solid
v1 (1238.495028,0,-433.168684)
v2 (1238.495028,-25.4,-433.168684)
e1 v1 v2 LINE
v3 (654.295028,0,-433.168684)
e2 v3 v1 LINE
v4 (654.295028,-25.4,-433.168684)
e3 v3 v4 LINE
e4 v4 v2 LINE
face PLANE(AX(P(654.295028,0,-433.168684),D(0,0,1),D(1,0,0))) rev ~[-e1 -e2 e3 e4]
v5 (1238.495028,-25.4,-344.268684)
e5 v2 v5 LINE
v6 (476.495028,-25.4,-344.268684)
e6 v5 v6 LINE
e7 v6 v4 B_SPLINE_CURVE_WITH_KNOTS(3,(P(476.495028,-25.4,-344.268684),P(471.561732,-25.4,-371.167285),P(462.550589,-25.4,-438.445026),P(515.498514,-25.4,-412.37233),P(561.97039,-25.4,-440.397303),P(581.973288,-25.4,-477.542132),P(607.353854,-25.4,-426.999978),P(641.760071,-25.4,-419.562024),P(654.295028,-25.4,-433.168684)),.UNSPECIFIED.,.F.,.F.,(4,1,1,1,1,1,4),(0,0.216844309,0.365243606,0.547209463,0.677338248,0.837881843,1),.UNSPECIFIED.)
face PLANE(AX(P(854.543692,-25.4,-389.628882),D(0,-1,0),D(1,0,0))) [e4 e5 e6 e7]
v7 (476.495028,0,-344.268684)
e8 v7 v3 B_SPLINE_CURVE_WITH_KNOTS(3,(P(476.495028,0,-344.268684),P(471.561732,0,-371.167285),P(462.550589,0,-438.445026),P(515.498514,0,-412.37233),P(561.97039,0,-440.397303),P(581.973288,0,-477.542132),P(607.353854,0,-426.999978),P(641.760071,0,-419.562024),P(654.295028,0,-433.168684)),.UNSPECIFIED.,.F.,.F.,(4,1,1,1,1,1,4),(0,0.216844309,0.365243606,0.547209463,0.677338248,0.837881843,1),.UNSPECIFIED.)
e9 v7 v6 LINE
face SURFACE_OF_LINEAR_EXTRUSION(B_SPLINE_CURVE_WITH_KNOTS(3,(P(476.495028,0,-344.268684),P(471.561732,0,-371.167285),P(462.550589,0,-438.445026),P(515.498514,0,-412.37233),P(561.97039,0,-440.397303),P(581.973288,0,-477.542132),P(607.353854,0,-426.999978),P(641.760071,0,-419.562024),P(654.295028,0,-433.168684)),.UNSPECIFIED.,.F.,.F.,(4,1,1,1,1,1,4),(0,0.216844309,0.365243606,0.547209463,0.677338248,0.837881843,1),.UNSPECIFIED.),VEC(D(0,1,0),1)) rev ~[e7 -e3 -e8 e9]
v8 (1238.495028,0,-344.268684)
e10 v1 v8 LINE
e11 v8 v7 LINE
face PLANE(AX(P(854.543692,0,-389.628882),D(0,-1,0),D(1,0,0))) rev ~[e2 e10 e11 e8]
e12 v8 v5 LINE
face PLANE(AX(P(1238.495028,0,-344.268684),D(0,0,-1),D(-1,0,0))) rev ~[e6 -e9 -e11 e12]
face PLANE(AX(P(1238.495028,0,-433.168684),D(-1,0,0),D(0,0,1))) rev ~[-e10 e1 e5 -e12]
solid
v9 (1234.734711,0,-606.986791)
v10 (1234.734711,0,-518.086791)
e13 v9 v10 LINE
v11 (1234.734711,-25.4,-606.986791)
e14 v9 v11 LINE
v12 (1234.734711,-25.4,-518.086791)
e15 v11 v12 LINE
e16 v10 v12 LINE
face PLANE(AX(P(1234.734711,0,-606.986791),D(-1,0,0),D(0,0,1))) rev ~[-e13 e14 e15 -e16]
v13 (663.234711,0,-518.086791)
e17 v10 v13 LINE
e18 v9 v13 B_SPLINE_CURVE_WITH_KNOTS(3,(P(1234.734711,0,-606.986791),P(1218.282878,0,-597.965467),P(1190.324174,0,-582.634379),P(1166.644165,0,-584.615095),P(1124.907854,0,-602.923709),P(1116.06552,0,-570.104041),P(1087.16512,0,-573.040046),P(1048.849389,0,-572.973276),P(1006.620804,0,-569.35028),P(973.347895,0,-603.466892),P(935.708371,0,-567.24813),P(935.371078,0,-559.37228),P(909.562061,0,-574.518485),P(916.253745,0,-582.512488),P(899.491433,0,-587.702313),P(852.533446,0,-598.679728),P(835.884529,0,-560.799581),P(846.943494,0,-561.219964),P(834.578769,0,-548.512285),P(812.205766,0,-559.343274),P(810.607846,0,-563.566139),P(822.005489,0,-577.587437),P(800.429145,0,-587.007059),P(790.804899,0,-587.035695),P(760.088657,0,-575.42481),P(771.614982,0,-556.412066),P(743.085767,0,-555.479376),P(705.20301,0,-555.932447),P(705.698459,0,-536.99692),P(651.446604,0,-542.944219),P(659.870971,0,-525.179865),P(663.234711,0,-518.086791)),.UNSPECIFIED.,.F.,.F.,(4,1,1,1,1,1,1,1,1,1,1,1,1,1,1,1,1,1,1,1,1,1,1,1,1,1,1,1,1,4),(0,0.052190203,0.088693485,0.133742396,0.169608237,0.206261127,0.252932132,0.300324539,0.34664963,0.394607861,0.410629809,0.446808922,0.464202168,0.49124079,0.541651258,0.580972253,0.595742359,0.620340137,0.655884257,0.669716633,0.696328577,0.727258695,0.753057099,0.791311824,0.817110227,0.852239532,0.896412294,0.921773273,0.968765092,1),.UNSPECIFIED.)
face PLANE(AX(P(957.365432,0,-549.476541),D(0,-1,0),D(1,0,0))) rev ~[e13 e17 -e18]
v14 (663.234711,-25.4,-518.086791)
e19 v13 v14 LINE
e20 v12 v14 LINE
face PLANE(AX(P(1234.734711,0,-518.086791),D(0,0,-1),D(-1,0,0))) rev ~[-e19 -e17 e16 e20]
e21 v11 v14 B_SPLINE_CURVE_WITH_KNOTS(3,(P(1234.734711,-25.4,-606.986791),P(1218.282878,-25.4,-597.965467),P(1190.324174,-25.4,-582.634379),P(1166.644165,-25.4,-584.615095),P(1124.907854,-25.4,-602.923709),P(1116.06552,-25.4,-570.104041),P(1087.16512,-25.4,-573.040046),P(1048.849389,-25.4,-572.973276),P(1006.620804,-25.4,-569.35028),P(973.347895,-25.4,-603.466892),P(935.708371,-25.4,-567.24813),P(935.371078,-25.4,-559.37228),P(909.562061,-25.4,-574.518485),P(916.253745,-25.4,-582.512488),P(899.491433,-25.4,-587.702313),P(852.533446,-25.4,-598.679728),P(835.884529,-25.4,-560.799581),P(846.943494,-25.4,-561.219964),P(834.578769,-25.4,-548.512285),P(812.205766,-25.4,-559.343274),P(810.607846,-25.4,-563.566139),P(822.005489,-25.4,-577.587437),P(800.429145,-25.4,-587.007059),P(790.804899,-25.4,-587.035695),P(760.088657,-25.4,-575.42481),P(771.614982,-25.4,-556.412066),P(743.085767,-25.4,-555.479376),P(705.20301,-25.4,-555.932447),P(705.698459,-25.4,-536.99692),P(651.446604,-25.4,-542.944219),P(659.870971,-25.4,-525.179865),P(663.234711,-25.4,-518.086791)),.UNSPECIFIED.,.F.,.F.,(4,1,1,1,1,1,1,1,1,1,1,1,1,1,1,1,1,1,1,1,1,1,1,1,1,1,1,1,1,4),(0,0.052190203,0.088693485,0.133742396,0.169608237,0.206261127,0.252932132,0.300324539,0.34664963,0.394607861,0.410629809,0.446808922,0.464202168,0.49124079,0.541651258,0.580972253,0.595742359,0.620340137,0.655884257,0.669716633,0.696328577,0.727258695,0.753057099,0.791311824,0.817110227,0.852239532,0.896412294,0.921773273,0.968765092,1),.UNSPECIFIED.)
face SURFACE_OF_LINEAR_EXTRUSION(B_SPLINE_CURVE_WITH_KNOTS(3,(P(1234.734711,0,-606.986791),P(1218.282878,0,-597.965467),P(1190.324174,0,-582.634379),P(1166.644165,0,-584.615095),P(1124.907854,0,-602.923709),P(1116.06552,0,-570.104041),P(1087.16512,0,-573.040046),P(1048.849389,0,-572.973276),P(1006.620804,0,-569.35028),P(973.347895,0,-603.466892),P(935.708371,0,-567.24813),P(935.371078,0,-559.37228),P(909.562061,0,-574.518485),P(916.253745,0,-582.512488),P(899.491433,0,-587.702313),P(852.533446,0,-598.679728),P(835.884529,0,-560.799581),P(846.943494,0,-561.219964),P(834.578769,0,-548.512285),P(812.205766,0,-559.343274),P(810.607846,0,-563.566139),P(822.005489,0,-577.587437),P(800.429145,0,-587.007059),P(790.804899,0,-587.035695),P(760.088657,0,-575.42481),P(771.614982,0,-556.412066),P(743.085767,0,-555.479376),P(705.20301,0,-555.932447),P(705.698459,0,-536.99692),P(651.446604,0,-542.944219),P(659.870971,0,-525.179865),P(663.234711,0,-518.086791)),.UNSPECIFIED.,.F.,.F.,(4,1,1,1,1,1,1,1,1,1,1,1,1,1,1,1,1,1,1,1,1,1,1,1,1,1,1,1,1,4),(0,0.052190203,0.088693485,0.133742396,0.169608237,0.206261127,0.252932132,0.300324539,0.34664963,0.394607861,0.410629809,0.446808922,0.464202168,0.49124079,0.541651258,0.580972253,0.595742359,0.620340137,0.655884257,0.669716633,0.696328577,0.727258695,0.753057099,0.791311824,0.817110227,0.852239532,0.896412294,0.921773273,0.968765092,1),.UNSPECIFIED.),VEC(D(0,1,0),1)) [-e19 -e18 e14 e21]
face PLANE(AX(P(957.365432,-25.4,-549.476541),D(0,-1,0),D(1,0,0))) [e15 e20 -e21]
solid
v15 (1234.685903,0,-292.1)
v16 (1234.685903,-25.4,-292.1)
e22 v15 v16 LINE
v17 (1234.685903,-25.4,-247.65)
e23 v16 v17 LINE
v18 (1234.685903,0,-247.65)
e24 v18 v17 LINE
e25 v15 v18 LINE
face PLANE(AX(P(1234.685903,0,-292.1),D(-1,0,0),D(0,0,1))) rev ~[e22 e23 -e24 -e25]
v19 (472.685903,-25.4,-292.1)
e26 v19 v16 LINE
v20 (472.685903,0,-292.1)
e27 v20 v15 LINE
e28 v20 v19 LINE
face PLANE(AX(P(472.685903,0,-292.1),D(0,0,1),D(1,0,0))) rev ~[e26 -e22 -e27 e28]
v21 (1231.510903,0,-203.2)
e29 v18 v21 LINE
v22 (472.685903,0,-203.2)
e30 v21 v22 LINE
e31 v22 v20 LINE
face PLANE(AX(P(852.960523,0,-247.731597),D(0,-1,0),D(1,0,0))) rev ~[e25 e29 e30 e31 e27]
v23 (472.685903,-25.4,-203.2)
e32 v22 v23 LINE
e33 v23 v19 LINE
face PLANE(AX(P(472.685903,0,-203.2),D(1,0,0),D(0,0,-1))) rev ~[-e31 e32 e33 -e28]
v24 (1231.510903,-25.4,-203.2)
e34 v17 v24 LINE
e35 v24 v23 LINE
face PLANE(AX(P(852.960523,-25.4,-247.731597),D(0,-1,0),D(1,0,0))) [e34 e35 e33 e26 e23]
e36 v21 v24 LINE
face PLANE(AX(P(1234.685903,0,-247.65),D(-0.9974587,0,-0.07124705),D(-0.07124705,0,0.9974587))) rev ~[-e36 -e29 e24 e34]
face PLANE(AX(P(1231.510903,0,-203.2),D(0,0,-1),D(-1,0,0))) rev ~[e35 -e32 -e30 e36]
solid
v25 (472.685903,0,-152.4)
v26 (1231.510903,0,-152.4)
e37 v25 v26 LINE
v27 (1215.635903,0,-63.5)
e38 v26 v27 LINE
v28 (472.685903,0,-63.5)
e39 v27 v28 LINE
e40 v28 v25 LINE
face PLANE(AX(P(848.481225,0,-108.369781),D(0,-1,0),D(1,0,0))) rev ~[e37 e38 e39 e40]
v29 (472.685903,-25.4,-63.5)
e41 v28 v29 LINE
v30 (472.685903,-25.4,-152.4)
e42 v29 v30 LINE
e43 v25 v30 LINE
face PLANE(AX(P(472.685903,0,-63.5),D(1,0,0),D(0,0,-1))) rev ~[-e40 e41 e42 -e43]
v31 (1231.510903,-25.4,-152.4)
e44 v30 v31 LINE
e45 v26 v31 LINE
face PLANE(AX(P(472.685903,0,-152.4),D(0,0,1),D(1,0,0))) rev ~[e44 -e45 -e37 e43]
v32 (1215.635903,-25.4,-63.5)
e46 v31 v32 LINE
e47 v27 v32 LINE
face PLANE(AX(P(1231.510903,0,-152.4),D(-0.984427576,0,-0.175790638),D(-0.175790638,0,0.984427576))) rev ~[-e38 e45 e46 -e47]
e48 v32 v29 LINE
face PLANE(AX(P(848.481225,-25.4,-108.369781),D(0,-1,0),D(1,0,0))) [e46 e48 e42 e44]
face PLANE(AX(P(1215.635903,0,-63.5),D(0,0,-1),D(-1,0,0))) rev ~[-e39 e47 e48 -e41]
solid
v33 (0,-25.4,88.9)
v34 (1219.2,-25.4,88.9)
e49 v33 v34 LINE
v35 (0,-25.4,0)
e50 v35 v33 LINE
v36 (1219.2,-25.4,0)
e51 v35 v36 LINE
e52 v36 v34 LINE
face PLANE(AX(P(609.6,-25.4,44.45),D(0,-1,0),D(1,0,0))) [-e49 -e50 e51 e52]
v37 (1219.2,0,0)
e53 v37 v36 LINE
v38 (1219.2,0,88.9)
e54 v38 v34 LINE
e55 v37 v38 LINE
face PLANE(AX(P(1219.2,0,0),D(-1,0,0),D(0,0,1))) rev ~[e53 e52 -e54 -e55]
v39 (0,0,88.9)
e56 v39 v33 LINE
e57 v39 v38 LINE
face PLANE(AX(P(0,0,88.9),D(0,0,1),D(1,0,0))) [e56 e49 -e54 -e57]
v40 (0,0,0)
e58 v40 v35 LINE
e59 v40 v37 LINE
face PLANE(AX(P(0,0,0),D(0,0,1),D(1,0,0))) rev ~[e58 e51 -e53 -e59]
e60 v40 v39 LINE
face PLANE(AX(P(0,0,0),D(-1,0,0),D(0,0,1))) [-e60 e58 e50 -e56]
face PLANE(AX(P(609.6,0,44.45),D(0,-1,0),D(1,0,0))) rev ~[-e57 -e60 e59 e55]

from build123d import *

# Parameters (mm, degrees)
F0_W     = 1219.2
F0_H     = 88.9
F1_DEPTH = 25.4
F3_DEPTH = 25.4
F5_DEPTH = 25.4
F7_DEPTH = 25.4
F9_DEPTH = 25.4


with BuildPart() as f1:
    # F0 (on Front) → F1 (new body)
    with BuildSketch(Plane.XZ):
        with Locations((609.6, 44.45)):
            Rectangle(F0_W, F0_H)
    extrude(amount=F1_DEPTH)


with BuildPart() as f3:
    # F2 (on Front) → F3 (new body)
    with BuildSketch(Plane.XZ):
        Polygon((1231.5109033108, -152.4), (1215.6359033108, -63.5), (472.6859033108, -63.5), (472.6859033108, -152.4), (1215.6359033108, -152.4), align=None)
    extrude(amount=F3_DEPTH)


with BuildPart() as f5:
    # F4 (on Front) → F5 (new body)
    with BuildSketch(Plane.XZ):
        Polygon((1234.6859033108, -247.65), (1231.5109033108, -203.2), (472.6859033108, -203.2), (472.6859033108, -292.1), (1234.6859033108, -292.1), align=None)
    extrude(amount=F5_DEPTH)


with BuildPart() as f7:
    # F6 (on Front) → F7 (new body)
    with BuildSketch(Plane.XZ):
        with BuildLine():
            Line((1238.4950275421, -344.2686839581), (476.4950275421, -344.2686839581))
            add(Edge.make_bspline(
                [(476.4950275421, -344.2686839581), (471.5617315727, -371.1672845679), (462.5505885059, -438.4450260098), (515.4985143119, -412.3723295594), (561.9703901672, -440.39730257), (581.9732878783, -477.5421320406), (607.3538537447, -426.9999778008), (641.7600714738, -419.5620238699), (654.2950275421, -433.1686839581)],
                knots=[0, 0, 0, 0, 0.2168443094, 0.3652436063, 0.547209463, 0.6773382476, 0.8378818434, 1, 1, 1, 1], degree=3))
            Line((654.2950275421, -433.1686839581), (1238.4950275421, -433.1686839581))
            Line((1238.4950275421, -433.1686839581), (1238.4950275421, -344.2686839581))
        make_face()
    extrude(amount=F7_DEPTH)


with BuildPart() as f9:
    # F8 (on Front) → F9 (new body)
    with BuildSketch(Plane.XZ):
        with BuildLine():
            Line((1234.7347106934, -606.9867910385), (1234.7347106934, -518.0867910385))
            Line((1234.7347106934, -518.0867910385), (663.2347106934, -518.0867910385))
            add(Edge.make_bspline(
                [(1234.7347106934, -606.9867910385), (1218.2828775309, -597.9654674262), (1190.3241738253, -582.6343787008), (1166.6441647671, -584.61509515), (1124.9078543263, -602.923709178), (1116.0655198037, -570.1040406035), (1087.1651201369, -573.0400456423), (1048.8493885343, -572.9732764449), (1006.6208041059, -569.3502803692), (973.3478950832, -603.4668921779), (935.7083712237, -567.2481303756), (935.3710784013, -559.3722797432), (909.5620610405, -574.5184848423), (916.2537453473, -582.5124881746), (899.4914327305, -587.7023125674), (852.533445913, -598.6797284909), (835.884529286, -560.7995808925), (846.94349372, -561.2199636962), (834.5787694691, -548.5122848847), (812.2057655711, -559.3432735285), (810.6078464194, -563.5661387818), (822.0054892547, -577.5874374539), (800.4291447021, -587.0070590309), (790.8048986835, -587.0356945962), (760.0886566595, -575.4248095562), (771.6149821069, -556.4120661548), (743.0857674883, -555.4793764985), (705.2030104126, -555.9324472635), (705.6984593323, -536.9969196147), (651.44660438, -542.944218704), (659.8709712567, -525.1798649817), (663.2347106934, -518.0867910385)],
                knots=[0, 0, 0, 0, 0.052190203, 0.0886934852, 0.1337423964, 0.1696082368, 0.2062611274, 0.252932132, 0.3003245392, 0.3466496297, 0.394607861, 0.4106298092, 0.4468089218, 0.4642021678, 0.49124079, 0.5416512579, 0.5809722526, 0.5957423593, 0.620340137, 0.6558842569, 0.6697166335, 0.6963285774, 0.7272586953, 0.7530570988, 0.7913118238, 0.8171102272, 0.852239532, 0.8964122943, 0.9217732732, 0.9687650918, 1, 1, 1, 1], degree=3))
        make_face()
    extrude(amount=F9_DEPTH)


solid = Compound([f1.part, f3.part, f5.part, f7.part, f9.part])
